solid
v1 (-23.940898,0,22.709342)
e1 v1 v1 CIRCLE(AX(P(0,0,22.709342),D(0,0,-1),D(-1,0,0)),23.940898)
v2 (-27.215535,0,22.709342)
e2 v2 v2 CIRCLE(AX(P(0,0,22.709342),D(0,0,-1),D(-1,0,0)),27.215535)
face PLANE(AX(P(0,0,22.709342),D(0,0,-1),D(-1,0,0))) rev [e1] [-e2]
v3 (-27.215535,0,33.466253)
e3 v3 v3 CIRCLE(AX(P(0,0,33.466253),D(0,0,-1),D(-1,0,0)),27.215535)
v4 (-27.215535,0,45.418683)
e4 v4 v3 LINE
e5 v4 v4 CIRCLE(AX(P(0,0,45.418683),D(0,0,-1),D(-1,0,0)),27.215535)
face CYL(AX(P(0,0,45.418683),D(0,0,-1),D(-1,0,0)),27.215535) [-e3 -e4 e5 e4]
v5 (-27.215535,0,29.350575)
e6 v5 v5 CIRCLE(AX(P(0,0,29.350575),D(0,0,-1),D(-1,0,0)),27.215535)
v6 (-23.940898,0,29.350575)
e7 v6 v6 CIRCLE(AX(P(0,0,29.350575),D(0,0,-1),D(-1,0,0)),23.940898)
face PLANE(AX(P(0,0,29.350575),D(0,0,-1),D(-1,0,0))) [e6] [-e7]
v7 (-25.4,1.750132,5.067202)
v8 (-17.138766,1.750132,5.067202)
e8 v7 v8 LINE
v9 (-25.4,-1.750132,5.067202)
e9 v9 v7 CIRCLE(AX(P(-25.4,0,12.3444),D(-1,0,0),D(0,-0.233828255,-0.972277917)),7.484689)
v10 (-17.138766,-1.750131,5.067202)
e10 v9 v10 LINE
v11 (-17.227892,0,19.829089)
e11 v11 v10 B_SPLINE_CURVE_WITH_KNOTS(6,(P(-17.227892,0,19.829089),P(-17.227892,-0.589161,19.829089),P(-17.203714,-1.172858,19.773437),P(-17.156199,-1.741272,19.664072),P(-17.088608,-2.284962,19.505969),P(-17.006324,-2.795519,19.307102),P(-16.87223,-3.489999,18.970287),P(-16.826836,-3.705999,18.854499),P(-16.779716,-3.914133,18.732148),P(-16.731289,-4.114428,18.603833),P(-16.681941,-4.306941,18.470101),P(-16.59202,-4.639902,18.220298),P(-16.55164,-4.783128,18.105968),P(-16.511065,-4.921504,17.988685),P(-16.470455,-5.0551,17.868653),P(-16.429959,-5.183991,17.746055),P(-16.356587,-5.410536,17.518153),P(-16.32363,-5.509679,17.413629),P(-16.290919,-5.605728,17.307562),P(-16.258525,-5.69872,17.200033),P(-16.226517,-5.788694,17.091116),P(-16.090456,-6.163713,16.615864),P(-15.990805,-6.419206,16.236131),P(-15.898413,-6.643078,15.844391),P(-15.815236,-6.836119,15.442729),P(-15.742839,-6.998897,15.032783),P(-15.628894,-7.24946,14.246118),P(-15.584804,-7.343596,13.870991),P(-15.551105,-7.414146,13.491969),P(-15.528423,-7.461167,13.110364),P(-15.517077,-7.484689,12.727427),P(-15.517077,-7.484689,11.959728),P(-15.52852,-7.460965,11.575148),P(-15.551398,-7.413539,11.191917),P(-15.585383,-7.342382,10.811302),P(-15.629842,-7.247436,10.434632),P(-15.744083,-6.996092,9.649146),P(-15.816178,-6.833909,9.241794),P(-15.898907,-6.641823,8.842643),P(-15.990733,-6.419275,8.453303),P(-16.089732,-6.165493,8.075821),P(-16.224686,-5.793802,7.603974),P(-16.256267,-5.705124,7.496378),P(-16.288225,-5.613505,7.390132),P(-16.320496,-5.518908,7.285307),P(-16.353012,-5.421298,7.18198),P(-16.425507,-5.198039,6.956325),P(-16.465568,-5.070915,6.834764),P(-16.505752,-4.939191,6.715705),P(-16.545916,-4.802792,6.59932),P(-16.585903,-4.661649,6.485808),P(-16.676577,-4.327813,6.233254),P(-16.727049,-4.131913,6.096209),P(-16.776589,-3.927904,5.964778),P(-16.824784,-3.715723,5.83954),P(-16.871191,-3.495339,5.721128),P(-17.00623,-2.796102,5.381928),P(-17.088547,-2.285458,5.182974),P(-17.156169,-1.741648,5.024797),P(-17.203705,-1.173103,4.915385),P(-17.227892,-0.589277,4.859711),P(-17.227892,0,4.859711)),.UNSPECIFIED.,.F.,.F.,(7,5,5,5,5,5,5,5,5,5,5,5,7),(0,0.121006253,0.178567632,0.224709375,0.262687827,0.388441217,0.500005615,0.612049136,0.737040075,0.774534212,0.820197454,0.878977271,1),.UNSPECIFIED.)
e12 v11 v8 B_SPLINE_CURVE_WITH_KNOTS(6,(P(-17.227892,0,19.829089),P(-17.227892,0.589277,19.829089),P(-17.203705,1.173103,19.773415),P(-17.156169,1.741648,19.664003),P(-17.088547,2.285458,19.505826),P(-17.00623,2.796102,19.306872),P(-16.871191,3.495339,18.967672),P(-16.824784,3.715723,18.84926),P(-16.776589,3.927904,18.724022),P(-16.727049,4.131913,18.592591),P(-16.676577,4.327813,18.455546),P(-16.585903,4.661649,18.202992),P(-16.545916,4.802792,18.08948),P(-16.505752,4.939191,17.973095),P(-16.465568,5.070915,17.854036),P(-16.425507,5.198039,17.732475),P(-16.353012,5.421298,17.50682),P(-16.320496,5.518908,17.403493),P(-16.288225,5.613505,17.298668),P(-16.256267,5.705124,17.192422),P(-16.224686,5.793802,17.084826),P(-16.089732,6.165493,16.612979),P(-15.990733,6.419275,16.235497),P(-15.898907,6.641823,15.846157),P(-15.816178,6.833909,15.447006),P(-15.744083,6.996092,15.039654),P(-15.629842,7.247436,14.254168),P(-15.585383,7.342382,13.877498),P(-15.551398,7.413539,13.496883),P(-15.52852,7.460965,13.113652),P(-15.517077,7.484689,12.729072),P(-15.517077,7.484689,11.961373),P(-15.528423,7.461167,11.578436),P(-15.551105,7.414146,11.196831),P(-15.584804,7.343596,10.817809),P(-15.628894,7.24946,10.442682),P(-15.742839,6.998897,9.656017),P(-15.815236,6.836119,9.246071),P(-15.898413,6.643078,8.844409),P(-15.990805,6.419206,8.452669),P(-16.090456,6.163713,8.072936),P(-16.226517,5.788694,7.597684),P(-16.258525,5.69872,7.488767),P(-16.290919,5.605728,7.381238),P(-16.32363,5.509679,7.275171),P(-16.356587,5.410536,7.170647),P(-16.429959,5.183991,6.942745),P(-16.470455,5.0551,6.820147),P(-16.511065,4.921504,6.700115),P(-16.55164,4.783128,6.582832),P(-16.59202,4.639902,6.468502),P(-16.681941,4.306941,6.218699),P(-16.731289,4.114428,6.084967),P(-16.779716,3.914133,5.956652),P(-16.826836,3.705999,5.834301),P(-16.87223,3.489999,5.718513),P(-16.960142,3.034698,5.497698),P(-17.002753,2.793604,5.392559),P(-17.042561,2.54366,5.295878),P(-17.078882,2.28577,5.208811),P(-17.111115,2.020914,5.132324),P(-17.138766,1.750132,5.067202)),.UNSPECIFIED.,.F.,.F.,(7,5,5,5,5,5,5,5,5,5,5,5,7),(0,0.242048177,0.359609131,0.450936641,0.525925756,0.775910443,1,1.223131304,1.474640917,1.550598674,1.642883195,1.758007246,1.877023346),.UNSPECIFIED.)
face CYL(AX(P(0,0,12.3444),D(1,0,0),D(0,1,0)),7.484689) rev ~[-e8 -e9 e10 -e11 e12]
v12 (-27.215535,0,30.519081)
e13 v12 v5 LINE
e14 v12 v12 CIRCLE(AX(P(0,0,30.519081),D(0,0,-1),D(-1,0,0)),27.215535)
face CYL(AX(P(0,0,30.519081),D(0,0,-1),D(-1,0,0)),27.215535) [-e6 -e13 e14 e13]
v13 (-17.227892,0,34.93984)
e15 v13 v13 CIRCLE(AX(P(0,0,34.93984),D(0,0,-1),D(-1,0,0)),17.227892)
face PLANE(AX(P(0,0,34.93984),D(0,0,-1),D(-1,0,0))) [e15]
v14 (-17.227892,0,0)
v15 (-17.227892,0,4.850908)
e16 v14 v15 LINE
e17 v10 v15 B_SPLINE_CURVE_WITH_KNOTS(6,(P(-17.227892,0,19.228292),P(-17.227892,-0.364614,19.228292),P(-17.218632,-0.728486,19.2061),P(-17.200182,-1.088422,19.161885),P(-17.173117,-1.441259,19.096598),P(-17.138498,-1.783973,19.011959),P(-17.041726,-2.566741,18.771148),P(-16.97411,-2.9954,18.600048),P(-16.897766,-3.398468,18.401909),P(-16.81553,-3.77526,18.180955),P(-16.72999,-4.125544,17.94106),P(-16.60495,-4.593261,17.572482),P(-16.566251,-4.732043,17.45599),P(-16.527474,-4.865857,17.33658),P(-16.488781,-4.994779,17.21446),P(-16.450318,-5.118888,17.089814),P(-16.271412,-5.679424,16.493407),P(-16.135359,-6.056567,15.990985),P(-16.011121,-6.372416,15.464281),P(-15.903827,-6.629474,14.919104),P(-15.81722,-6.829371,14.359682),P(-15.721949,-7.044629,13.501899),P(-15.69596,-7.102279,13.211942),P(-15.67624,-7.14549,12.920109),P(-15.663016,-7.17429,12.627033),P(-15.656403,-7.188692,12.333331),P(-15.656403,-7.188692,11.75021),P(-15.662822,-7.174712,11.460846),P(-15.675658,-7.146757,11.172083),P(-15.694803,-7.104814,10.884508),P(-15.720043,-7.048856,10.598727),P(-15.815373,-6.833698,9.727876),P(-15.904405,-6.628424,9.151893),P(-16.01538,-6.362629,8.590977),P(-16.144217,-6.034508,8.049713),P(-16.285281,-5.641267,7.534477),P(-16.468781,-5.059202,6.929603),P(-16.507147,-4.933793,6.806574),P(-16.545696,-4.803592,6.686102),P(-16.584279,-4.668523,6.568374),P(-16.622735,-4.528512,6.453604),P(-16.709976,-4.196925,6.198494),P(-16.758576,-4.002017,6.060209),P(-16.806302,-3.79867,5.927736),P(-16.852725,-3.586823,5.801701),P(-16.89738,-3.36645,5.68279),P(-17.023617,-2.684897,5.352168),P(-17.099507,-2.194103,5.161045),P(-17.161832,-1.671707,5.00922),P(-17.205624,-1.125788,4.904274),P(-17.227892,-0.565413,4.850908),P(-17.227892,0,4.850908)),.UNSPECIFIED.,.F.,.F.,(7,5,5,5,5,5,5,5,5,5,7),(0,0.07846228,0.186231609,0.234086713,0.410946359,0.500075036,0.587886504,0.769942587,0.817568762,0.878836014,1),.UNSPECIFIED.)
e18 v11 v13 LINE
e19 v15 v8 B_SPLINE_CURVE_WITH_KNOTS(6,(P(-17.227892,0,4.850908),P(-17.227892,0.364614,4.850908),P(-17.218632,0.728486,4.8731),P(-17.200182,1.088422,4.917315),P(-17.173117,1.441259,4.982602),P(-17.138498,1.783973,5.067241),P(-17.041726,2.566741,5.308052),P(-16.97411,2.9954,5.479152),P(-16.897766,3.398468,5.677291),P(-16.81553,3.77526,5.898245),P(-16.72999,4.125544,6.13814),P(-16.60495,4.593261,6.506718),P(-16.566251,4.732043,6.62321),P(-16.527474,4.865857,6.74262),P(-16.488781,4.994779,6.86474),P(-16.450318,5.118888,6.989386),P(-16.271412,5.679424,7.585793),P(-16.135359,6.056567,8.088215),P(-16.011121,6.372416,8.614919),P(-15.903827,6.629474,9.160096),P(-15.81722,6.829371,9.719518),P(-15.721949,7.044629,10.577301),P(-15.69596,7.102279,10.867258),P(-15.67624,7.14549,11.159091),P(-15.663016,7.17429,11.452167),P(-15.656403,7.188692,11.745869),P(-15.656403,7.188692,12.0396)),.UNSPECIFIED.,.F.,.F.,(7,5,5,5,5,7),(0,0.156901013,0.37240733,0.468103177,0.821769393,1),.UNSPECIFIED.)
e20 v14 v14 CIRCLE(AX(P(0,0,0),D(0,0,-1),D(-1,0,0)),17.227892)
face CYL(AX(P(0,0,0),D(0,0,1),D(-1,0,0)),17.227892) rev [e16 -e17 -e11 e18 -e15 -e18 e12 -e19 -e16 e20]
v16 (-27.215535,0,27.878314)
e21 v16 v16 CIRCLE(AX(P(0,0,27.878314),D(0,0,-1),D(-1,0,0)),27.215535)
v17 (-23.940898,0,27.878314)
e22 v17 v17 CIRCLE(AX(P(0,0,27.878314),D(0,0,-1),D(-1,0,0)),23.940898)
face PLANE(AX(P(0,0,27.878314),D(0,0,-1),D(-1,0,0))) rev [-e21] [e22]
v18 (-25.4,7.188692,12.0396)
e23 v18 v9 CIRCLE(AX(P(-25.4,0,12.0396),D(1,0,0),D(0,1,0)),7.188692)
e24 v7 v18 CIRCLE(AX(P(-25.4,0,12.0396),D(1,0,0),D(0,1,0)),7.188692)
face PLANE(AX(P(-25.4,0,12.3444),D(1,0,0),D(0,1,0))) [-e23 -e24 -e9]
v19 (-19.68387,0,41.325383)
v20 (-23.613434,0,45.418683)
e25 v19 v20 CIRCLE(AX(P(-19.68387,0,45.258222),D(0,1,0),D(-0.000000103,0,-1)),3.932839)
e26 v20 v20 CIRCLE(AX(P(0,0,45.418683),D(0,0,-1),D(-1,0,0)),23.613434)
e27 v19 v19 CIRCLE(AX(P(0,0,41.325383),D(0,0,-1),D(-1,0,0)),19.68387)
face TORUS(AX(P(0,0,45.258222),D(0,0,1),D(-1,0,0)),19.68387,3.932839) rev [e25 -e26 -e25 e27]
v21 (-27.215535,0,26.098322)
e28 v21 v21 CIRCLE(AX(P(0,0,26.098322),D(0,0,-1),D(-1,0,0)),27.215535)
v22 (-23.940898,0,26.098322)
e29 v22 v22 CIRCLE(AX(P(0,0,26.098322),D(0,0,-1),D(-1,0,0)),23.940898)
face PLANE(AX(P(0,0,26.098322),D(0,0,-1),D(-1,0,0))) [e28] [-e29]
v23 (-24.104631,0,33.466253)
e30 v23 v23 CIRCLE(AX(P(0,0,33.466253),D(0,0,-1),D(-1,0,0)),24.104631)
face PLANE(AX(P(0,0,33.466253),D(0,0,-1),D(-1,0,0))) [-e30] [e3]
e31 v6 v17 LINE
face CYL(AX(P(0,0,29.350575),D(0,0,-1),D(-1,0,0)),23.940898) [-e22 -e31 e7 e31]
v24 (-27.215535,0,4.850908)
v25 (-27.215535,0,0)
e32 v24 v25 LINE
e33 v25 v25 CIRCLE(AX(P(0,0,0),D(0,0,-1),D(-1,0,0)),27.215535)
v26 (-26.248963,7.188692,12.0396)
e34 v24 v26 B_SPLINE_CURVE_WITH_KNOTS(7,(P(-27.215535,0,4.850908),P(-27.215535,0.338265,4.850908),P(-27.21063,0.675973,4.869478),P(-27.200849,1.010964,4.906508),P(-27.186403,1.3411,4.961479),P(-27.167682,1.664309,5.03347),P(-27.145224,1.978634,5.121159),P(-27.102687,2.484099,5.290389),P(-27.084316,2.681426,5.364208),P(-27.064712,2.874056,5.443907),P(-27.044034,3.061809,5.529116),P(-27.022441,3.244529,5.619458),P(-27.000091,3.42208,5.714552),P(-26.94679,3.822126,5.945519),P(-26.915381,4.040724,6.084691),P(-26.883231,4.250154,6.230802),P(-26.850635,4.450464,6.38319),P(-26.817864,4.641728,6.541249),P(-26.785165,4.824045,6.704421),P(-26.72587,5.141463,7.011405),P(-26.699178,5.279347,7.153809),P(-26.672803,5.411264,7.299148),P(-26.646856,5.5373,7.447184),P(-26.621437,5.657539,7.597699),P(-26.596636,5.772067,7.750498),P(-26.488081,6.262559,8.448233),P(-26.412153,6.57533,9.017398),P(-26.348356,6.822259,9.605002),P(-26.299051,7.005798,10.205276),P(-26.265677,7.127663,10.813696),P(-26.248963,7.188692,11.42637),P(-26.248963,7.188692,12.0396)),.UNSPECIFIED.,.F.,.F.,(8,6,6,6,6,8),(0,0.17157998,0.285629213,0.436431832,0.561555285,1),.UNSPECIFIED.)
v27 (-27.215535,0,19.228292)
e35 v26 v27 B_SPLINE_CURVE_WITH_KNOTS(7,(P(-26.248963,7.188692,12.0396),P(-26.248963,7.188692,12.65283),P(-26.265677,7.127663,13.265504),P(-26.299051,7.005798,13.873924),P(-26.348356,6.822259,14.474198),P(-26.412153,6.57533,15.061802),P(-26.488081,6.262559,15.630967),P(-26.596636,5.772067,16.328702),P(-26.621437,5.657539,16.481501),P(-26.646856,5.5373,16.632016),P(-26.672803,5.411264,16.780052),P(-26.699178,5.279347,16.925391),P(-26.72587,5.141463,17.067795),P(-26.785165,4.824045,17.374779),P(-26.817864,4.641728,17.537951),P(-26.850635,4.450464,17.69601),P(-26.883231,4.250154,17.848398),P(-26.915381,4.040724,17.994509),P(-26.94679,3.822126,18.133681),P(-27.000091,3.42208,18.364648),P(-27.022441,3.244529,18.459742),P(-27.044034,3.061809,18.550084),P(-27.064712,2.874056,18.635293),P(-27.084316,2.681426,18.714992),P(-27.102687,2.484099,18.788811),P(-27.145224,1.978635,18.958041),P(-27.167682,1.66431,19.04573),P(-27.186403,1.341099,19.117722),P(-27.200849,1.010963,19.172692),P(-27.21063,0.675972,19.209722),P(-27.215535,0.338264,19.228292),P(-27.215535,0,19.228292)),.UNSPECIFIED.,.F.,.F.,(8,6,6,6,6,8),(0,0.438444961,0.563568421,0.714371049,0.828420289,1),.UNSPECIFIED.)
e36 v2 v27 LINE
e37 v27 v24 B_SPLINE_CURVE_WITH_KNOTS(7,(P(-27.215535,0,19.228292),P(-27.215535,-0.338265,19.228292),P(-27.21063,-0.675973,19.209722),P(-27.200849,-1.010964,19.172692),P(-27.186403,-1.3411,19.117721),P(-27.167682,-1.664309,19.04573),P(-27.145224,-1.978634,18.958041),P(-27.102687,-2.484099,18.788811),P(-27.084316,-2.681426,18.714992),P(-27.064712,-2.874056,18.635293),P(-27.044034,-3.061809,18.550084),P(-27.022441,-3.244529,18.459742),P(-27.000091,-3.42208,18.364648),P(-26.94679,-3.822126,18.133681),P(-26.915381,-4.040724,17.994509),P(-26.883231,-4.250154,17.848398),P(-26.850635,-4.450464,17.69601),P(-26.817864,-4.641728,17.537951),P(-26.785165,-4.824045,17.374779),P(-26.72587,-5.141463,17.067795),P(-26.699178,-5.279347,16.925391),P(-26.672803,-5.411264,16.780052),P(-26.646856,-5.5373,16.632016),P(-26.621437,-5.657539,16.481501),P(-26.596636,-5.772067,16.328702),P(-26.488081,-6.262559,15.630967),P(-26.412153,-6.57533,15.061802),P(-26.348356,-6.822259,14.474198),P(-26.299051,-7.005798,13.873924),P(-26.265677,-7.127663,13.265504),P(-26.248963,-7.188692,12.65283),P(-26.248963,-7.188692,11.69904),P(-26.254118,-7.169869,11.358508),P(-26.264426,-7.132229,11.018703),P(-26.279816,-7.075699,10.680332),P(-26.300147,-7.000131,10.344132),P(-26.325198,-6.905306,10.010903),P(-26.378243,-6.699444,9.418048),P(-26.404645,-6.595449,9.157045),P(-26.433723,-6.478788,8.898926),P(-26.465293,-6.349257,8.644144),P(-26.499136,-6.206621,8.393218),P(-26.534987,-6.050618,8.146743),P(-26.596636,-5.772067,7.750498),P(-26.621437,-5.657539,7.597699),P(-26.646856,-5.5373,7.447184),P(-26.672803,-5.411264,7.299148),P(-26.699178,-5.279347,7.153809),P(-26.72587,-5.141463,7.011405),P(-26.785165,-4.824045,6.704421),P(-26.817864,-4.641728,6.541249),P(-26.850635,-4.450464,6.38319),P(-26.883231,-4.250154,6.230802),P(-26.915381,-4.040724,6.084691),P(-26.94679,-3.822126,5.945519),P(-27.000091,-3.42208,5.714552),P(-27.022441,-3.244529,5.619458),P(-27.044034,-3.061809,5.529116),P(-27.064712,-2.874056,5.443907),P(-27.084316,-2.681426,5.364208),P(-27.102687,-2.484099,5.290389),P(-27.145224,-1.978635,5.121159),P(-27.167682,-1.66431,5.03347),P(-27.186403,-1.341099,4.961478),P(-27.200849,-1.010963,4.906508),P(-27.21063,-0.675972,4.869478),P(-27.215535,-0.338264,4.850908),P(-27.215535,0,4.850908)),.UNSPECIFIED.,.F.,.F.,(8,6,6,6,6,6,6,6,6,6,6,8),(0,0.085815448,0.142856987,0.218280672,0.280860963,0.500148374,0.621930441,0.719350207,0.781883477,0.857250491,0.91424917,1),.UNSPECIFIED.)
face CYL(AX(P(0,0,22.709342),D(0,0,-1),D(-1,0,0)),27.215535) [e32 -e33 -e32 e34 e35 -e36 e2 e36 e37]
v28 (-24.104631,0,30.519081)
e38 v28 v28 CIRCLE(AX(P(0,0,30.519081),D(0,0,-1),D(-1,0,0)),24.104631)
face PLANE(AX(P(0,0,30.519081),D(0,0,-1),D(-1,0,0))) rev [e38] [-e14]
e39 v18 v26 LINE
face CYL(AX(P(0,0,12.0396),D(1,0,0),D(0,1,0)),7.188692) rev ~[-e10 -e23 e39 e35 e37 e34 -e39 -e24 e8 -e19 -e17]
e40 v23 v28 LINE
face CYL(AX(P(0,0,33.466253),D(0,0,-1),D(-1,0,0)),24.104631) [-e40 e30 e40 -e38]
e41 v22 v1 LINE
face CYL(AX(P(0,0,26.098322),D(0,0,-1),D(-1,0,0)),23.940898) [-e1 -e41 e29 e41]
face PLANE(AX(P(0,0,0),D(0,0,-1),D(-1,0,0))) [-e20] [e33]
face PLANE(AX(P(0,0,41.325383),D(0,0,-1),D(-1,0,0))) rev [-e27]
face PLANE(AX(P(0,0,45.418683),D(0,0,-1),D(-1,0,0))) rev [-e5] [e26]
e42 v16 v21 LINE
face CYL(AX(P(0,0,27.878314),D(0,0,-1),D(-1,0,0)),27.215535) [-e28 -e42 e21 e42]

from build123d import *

# Parameters (mm, degrees)
F2_R     = 7.188692
F3_DEPTH = 127
F4_R     = 7.484689
F5_DEPTH = 25.4


with BuildPart() as f1:
    # F0 (on Front) → F1 (revolve)
    with BuildSketch(Plane.XZ):
        with BuildLine():
            Line((-27.215535, 0), (-17.227892, 0))
            Line((-17.227892, 0), (-17.227892, 34.93984))
            Line((-17.227892, 34.93984), (0, 34.93984))
            Line((0, 34.93984), (0, 41.325383))
            Line((0, 41.325383), (-19.68387, 41.325383))
            ThreePointArc((-19.68387, 41.325383), (-22.520971, 42.534607), (-23.613434, 45.418683))
            Line((-23.613434, 45.418683), (-27.215535, 45.418683))
            Line((-27.215535, 45.418683), (-27.215535, 33.466253))
            Line((-27.215535, 33.466253), (-24.104631, 33.466253))
            Line((-24.104631, 33.466253), (-24.104631, 30.519081))
            Line((-24.104631, 30.519081), (-27.215535, 30.519081))
            Line((-27.215535, 30.519081), (-27.215535, 29.350575))
            Line((-27.215535, 29.350575), (-23.940898, 29.350575))
            Line((-23.940898, 29.350575), (-23.940898, 27.878314))
            Line((-23.940898, 27.878314), (-27.215535, 27.878314))
            Line((-27.215535, 27.878314), (-27.215535, 26.098322))
            Line((-27.215535, 26.098322), (-23.940898, 26.098322))
            Line((-23.940898, 26.098322), (-23.940898, 22.709342))
            Line((-23.940898, 22.709342), (-27.215535, 22.709342))
            Line((-27.215535, 22.709342), (-27.215535, 0))
        make_face()
    revolve(axis=Axis((0, 0, 38.132612), (0, 0, -1)))

    # F2 (on Right) → F3 (cut)
    with BuildSketch(Plane.YZ):
        with Locations((0, 12.0396)):
            Circle(F2_R)
    extrude(amount=-F3_DEPTH, mode=Mode.SUBTRACT)

    # F4 (on Right) → F5 (cut)
    with BuildSketch(Plane.YZ):
        with Locations((0, 12.3444)):
            Circle(F4_R)
    extrude(amount=-F5_DEPTH, mode=Mode.SUBTRACT)


solid = f1.part
